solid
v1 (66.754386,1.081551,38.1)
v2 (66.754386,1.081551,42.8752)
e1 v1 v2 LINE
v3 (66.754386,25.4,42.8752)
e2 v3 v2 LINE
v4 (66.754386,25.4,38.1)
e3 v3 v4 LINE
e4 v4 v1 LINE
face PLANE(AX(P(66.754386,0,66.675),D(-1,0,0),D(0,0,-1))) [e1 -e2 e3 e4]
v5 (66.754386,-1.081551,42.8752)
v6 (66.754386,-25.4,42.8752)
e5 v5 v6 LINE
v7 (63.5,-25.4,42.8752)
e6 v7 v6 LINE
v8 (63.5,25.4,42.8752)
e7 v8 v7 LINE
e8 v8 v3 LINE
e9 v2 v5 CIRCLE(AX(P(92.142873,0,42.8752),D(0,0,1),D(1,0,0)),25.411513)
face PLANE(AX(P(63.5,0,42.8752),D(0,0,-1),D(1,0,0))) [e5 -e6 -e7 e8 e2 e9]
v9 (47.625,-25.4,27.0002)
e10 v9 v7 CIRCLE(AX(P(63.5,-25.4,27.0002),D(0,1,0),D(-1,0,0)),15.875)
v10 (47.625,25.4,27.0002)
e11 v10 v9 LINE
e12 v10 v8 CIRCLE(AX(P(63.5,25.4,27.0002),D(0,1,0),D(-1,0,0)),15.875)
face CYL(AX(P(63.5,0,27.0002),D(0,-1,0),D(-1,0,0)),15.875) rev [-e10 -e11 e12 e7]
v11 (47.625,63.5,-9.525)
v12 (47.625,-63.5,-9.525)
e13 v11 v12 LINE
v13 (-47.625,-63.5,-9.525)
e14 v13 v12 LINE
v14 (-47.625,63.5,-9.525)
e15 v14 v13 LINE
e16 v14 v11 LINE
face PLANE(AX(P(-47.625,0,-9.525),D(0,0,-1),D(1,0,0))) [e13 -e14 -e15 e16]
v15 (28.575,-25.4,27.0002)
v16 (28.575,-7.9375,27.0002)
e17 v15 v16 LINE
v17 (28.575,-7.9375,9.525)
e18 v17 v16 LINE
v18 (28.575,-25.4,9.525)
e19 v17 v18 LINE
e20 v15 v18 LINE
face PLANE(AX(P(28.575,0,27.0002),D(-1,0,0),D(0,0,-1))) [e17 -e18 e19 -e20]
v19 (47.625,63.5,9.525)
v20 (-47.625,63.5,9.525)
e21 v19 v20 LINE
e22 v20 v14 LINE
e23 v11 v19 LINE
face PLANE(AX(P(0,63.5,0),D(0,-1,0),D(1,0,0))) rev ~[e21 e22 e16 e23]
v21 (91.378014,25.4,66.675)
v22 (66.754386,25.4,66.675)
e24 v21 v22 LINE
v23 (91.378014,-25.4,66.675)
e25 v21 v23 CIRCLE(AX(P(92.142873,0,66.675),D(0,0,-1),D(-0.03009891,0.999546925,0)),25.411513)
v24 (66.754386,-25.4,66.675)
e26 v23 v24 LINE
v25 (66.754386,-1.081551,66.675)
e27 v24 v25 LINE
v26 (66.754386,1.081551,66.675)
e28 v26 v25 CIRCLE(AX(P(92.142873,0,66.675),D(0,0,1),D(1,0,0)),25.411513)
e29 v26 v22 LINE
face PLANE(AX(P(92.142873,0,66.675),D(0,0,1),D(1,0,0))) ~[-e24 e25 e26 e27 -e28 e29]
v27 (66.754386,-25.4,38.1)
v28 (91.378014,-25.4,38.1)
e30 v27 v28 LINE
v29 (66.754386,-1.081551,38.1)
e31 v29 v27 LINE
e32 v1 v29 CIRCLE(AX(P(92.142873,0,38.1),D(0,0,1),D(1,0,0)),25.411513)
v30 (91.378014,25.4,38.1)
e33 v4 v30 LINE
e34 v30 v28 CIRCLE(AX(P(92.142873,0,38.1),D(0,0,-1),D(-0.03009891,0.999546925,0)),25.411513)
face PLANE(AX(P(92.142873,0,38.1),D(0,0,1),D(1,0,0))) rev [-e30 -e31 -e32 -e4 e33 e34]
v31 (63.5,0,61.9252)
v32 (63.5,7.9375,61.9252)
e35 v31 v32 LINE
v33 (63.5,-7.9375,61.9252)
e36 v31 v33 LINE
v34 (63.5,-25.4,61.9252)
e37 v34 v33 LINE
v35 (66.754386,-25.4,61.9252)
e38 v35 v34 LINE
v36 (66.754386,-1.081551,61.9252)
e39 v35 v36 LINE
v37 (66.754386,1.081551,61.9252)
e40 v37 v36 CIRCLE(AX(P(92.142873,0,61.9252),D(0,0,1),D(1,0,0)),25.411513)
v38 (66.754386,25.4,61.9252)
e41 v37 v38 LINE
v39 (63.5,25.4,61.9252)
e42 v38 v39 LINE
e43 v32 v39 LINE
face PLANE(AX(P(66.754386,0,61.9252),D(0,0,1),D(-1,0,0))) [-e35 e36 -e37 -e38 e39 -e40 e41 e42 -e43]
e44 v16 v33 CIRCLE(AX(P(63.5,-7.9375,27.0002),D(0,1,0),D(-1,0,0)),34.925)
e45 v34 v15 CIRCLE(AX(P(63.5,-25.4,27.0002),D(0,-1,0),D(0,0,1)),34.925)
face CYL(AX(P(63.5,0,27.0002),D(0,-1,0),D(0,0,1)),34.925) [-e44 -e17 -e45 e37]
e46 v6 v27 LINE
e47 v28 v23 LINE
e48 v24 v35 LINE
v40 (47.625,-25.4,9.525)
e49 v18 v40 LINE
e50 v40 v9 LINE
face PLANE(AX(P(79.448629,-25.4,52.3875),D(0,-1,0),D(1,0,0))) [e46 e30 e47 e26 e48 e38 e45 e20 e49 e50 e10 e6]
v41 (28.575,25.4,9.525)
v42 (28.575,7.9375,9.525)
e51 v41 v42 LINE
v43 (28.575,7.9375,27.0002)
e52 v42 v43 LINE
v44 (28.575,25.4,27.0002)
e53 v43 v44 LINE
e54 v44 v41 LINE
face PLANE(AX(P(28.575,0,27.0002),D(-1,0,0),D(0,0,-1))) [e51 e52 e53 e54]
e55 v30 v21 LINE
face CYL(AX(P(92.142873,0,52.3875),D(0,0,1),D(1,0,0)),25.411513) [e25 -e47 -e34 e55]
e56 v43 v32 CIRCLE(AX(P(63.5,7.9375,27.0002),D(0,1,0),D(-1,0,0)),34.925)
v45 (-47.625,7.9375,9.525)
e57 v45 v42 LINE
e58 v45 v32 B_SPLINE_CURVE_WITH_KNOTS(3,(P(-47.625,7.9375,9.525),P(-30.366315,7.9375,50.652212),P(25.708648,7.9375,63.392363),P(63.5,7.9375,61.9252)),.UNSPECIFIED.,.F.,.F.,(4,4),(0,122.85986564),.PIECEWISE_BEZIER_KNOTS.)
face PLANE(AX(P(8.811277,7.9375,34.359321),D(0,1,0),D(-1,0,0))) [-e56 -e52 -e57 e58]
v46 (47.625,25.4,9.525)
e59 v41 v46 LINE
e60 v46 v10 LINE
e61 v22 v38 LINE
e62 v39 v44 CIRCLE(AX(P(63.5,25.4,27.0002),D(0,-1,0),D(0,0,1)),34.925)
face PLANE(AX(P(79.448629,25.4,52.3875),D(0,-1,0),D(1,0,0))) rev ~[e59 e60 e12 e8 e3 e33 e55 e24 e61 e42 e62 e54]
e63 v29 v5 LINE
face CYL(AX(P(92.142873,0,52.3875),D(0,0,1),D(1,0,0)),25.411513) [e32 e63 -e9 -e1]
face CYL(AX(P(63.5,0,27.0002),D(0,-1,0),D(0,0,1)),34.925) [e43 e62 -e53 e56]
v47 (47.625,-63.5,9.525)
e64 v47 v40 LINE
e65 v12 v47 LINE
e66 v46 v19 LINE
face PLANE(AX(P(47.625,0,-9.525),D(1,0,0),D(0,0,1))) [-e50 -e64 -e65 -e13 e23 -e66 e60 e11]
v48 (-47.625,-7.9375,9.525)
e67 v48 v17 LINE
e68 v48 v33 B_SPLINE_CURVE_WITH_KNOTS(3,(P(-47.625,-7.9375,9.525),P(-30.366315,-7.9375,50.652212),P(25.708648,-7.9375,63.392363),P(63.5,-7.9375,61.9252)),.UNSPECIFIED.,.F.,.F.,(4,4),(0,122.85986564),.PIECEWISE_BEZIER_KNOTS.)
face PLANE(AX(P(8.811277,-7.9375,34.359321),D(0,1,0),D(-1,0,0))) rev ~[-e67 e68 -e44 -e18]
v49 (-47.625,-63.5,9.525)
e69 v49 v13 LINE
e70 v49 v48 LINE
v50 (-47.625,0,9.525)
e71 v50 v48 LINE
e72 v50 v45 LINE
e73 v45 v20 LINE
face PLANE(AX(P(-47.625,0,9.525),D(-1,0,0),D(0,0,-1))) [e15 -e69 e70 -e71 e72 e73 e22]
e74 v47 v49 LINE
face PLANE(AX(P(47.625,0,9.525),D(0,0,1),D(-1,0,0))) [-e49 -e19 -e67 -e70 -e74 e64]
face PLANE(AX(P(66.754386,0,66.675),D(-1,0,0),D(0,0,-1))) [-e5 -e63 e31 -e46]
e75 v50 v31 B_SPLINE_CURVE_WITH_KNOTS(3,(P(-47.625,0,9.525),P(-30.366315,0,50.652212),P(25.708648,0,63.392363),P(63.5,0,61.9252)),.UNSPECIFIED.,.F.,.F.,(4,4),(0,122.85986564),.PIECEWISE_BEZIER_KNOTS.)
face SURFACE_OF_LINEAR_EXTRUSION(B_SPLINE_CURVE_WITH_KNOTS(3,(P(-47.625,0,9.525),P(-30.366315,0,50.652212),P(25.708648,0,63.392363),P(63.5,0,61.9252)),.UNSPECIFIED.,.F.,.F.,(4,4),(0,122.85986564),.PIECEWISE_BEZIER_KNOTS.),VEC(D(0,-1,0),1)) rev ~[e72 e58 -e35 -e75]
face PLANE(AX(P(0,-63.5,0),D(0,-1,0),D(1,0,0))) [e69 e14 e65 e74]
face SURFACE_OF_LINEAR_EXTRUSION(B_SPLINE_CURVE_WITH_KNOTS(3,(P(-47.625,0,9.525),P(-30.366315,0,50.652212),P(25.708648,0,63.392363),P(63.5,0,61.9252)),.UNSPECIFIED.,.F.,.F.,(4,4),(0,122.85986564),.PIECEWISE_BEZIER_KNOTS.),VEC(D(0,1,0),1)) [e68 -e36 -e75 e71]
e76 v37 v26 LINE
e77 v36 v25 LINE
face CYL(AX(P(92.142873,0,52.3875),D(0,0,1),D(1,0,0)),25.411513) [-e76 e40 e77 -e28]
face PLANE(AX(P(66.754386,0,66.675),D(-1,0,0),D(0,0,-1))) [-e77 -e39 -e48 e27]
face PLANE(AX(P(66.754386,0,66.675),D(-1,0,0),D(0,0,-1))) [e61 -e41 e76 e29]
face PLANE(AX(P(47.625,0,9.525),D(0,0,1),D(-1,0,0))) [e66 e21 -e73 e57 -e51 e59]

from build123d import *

# Parameters (mm, degrees)
F1_DEPTH = 63.5
F2_DEPTH = 25.4
F3_DEPTH = 25.4
F4_DEPTH = 7.9375
F0_W     = 25.4115133166
F0_H     = 28.575


with BuildPart() as f1:
    # F0 (on Front) → F1 (new body, symmetric)
    with BuildSketch(Plane.XZ):
        Polygon((28.575, 9.525), (-47.625, 9.525), (-47.625, -9.525), (47.625, -9.525), (47.625, 9.525), align=None)
    extrude(amount=F1_DEPTH, both=True)

    # F0 (on Front) → F2 (join, symmetric)
    with BuildSketch(Plane.XZ):
        with BuildLine():
            Line((28.575, 27.0002), (28.575, 9.525))
            Line((28.575, 9.525), (47.625, 9.525))
            Line((47.625, 9.525), (47.625, 27.0002))
            ThreePointArc((47.625, 27.0002), (52.2746798487, 38.2255201513), (63.5, 42.8752))
            Line((63.5, 42.8752), (66.754385829, 42.8752))
            Line((66.754385829, 42.8752), (66.754385829, 61.9252))
            Line((66.754385829, 61.9252), (63.5, 61.9252))
            ThreePointArc((63.5, 61.9252), (38.8042956671, 51.6959043329), (28.575, 27.0002))
        make_face()
    extrude(amount=F2_DEPTH, both=True)

    # F0 (on Front) → F3 (join, symmetric)
    with BuildSketch(Plane.XZ):
        Polygon((66.754385829, 66.675), (66.754385829, 61.9252), (66.754385829, 42.8752), (66.754385829, 38.1), (92.1428725123, 38.1), (92.1428725123, 66.675), align=None)
    extrude(amount=F3_DEPTH, both=True)

    # F0 (on Front) → F4 (join, symmetric)
    with BuildSketch(Plane.XZ):
        with BuildLine():
            add(Edge.make_bspline(
                [(-47.625, 9.525), (-30.3663147909, 50.6522115959), (25.7086480849, 63.3923630702), (63.5, 61.9252)],
                knots=[0, 0, 0, 0, 122.8598656398, 122.8598656398, 122.8598656398, 122.8598656398], degree=3))
            Line((-47.625, 9.525), (28.575, 9.525))
            Line((28.575, 9.525), (28.575, 27.0002))
            ThreePointArc((28.575, 27.0002), (38.8042956671, 51.6959043329), (63.5, 61.9252))
        make_face()
    extrude(amount=F4_DEPTH, both=True)

    # F0 (on Front) → F5 (revolve)
    with BuildSketch(Plane.XZ):
        with Locations((104.8486291707, 52.3875)):
            Rectangle(F0_W, F0_H)
    revolve(axis=Axis((92.1428725123, 0, 52.3875), (0, 0, 1)))


solid = f1.part
